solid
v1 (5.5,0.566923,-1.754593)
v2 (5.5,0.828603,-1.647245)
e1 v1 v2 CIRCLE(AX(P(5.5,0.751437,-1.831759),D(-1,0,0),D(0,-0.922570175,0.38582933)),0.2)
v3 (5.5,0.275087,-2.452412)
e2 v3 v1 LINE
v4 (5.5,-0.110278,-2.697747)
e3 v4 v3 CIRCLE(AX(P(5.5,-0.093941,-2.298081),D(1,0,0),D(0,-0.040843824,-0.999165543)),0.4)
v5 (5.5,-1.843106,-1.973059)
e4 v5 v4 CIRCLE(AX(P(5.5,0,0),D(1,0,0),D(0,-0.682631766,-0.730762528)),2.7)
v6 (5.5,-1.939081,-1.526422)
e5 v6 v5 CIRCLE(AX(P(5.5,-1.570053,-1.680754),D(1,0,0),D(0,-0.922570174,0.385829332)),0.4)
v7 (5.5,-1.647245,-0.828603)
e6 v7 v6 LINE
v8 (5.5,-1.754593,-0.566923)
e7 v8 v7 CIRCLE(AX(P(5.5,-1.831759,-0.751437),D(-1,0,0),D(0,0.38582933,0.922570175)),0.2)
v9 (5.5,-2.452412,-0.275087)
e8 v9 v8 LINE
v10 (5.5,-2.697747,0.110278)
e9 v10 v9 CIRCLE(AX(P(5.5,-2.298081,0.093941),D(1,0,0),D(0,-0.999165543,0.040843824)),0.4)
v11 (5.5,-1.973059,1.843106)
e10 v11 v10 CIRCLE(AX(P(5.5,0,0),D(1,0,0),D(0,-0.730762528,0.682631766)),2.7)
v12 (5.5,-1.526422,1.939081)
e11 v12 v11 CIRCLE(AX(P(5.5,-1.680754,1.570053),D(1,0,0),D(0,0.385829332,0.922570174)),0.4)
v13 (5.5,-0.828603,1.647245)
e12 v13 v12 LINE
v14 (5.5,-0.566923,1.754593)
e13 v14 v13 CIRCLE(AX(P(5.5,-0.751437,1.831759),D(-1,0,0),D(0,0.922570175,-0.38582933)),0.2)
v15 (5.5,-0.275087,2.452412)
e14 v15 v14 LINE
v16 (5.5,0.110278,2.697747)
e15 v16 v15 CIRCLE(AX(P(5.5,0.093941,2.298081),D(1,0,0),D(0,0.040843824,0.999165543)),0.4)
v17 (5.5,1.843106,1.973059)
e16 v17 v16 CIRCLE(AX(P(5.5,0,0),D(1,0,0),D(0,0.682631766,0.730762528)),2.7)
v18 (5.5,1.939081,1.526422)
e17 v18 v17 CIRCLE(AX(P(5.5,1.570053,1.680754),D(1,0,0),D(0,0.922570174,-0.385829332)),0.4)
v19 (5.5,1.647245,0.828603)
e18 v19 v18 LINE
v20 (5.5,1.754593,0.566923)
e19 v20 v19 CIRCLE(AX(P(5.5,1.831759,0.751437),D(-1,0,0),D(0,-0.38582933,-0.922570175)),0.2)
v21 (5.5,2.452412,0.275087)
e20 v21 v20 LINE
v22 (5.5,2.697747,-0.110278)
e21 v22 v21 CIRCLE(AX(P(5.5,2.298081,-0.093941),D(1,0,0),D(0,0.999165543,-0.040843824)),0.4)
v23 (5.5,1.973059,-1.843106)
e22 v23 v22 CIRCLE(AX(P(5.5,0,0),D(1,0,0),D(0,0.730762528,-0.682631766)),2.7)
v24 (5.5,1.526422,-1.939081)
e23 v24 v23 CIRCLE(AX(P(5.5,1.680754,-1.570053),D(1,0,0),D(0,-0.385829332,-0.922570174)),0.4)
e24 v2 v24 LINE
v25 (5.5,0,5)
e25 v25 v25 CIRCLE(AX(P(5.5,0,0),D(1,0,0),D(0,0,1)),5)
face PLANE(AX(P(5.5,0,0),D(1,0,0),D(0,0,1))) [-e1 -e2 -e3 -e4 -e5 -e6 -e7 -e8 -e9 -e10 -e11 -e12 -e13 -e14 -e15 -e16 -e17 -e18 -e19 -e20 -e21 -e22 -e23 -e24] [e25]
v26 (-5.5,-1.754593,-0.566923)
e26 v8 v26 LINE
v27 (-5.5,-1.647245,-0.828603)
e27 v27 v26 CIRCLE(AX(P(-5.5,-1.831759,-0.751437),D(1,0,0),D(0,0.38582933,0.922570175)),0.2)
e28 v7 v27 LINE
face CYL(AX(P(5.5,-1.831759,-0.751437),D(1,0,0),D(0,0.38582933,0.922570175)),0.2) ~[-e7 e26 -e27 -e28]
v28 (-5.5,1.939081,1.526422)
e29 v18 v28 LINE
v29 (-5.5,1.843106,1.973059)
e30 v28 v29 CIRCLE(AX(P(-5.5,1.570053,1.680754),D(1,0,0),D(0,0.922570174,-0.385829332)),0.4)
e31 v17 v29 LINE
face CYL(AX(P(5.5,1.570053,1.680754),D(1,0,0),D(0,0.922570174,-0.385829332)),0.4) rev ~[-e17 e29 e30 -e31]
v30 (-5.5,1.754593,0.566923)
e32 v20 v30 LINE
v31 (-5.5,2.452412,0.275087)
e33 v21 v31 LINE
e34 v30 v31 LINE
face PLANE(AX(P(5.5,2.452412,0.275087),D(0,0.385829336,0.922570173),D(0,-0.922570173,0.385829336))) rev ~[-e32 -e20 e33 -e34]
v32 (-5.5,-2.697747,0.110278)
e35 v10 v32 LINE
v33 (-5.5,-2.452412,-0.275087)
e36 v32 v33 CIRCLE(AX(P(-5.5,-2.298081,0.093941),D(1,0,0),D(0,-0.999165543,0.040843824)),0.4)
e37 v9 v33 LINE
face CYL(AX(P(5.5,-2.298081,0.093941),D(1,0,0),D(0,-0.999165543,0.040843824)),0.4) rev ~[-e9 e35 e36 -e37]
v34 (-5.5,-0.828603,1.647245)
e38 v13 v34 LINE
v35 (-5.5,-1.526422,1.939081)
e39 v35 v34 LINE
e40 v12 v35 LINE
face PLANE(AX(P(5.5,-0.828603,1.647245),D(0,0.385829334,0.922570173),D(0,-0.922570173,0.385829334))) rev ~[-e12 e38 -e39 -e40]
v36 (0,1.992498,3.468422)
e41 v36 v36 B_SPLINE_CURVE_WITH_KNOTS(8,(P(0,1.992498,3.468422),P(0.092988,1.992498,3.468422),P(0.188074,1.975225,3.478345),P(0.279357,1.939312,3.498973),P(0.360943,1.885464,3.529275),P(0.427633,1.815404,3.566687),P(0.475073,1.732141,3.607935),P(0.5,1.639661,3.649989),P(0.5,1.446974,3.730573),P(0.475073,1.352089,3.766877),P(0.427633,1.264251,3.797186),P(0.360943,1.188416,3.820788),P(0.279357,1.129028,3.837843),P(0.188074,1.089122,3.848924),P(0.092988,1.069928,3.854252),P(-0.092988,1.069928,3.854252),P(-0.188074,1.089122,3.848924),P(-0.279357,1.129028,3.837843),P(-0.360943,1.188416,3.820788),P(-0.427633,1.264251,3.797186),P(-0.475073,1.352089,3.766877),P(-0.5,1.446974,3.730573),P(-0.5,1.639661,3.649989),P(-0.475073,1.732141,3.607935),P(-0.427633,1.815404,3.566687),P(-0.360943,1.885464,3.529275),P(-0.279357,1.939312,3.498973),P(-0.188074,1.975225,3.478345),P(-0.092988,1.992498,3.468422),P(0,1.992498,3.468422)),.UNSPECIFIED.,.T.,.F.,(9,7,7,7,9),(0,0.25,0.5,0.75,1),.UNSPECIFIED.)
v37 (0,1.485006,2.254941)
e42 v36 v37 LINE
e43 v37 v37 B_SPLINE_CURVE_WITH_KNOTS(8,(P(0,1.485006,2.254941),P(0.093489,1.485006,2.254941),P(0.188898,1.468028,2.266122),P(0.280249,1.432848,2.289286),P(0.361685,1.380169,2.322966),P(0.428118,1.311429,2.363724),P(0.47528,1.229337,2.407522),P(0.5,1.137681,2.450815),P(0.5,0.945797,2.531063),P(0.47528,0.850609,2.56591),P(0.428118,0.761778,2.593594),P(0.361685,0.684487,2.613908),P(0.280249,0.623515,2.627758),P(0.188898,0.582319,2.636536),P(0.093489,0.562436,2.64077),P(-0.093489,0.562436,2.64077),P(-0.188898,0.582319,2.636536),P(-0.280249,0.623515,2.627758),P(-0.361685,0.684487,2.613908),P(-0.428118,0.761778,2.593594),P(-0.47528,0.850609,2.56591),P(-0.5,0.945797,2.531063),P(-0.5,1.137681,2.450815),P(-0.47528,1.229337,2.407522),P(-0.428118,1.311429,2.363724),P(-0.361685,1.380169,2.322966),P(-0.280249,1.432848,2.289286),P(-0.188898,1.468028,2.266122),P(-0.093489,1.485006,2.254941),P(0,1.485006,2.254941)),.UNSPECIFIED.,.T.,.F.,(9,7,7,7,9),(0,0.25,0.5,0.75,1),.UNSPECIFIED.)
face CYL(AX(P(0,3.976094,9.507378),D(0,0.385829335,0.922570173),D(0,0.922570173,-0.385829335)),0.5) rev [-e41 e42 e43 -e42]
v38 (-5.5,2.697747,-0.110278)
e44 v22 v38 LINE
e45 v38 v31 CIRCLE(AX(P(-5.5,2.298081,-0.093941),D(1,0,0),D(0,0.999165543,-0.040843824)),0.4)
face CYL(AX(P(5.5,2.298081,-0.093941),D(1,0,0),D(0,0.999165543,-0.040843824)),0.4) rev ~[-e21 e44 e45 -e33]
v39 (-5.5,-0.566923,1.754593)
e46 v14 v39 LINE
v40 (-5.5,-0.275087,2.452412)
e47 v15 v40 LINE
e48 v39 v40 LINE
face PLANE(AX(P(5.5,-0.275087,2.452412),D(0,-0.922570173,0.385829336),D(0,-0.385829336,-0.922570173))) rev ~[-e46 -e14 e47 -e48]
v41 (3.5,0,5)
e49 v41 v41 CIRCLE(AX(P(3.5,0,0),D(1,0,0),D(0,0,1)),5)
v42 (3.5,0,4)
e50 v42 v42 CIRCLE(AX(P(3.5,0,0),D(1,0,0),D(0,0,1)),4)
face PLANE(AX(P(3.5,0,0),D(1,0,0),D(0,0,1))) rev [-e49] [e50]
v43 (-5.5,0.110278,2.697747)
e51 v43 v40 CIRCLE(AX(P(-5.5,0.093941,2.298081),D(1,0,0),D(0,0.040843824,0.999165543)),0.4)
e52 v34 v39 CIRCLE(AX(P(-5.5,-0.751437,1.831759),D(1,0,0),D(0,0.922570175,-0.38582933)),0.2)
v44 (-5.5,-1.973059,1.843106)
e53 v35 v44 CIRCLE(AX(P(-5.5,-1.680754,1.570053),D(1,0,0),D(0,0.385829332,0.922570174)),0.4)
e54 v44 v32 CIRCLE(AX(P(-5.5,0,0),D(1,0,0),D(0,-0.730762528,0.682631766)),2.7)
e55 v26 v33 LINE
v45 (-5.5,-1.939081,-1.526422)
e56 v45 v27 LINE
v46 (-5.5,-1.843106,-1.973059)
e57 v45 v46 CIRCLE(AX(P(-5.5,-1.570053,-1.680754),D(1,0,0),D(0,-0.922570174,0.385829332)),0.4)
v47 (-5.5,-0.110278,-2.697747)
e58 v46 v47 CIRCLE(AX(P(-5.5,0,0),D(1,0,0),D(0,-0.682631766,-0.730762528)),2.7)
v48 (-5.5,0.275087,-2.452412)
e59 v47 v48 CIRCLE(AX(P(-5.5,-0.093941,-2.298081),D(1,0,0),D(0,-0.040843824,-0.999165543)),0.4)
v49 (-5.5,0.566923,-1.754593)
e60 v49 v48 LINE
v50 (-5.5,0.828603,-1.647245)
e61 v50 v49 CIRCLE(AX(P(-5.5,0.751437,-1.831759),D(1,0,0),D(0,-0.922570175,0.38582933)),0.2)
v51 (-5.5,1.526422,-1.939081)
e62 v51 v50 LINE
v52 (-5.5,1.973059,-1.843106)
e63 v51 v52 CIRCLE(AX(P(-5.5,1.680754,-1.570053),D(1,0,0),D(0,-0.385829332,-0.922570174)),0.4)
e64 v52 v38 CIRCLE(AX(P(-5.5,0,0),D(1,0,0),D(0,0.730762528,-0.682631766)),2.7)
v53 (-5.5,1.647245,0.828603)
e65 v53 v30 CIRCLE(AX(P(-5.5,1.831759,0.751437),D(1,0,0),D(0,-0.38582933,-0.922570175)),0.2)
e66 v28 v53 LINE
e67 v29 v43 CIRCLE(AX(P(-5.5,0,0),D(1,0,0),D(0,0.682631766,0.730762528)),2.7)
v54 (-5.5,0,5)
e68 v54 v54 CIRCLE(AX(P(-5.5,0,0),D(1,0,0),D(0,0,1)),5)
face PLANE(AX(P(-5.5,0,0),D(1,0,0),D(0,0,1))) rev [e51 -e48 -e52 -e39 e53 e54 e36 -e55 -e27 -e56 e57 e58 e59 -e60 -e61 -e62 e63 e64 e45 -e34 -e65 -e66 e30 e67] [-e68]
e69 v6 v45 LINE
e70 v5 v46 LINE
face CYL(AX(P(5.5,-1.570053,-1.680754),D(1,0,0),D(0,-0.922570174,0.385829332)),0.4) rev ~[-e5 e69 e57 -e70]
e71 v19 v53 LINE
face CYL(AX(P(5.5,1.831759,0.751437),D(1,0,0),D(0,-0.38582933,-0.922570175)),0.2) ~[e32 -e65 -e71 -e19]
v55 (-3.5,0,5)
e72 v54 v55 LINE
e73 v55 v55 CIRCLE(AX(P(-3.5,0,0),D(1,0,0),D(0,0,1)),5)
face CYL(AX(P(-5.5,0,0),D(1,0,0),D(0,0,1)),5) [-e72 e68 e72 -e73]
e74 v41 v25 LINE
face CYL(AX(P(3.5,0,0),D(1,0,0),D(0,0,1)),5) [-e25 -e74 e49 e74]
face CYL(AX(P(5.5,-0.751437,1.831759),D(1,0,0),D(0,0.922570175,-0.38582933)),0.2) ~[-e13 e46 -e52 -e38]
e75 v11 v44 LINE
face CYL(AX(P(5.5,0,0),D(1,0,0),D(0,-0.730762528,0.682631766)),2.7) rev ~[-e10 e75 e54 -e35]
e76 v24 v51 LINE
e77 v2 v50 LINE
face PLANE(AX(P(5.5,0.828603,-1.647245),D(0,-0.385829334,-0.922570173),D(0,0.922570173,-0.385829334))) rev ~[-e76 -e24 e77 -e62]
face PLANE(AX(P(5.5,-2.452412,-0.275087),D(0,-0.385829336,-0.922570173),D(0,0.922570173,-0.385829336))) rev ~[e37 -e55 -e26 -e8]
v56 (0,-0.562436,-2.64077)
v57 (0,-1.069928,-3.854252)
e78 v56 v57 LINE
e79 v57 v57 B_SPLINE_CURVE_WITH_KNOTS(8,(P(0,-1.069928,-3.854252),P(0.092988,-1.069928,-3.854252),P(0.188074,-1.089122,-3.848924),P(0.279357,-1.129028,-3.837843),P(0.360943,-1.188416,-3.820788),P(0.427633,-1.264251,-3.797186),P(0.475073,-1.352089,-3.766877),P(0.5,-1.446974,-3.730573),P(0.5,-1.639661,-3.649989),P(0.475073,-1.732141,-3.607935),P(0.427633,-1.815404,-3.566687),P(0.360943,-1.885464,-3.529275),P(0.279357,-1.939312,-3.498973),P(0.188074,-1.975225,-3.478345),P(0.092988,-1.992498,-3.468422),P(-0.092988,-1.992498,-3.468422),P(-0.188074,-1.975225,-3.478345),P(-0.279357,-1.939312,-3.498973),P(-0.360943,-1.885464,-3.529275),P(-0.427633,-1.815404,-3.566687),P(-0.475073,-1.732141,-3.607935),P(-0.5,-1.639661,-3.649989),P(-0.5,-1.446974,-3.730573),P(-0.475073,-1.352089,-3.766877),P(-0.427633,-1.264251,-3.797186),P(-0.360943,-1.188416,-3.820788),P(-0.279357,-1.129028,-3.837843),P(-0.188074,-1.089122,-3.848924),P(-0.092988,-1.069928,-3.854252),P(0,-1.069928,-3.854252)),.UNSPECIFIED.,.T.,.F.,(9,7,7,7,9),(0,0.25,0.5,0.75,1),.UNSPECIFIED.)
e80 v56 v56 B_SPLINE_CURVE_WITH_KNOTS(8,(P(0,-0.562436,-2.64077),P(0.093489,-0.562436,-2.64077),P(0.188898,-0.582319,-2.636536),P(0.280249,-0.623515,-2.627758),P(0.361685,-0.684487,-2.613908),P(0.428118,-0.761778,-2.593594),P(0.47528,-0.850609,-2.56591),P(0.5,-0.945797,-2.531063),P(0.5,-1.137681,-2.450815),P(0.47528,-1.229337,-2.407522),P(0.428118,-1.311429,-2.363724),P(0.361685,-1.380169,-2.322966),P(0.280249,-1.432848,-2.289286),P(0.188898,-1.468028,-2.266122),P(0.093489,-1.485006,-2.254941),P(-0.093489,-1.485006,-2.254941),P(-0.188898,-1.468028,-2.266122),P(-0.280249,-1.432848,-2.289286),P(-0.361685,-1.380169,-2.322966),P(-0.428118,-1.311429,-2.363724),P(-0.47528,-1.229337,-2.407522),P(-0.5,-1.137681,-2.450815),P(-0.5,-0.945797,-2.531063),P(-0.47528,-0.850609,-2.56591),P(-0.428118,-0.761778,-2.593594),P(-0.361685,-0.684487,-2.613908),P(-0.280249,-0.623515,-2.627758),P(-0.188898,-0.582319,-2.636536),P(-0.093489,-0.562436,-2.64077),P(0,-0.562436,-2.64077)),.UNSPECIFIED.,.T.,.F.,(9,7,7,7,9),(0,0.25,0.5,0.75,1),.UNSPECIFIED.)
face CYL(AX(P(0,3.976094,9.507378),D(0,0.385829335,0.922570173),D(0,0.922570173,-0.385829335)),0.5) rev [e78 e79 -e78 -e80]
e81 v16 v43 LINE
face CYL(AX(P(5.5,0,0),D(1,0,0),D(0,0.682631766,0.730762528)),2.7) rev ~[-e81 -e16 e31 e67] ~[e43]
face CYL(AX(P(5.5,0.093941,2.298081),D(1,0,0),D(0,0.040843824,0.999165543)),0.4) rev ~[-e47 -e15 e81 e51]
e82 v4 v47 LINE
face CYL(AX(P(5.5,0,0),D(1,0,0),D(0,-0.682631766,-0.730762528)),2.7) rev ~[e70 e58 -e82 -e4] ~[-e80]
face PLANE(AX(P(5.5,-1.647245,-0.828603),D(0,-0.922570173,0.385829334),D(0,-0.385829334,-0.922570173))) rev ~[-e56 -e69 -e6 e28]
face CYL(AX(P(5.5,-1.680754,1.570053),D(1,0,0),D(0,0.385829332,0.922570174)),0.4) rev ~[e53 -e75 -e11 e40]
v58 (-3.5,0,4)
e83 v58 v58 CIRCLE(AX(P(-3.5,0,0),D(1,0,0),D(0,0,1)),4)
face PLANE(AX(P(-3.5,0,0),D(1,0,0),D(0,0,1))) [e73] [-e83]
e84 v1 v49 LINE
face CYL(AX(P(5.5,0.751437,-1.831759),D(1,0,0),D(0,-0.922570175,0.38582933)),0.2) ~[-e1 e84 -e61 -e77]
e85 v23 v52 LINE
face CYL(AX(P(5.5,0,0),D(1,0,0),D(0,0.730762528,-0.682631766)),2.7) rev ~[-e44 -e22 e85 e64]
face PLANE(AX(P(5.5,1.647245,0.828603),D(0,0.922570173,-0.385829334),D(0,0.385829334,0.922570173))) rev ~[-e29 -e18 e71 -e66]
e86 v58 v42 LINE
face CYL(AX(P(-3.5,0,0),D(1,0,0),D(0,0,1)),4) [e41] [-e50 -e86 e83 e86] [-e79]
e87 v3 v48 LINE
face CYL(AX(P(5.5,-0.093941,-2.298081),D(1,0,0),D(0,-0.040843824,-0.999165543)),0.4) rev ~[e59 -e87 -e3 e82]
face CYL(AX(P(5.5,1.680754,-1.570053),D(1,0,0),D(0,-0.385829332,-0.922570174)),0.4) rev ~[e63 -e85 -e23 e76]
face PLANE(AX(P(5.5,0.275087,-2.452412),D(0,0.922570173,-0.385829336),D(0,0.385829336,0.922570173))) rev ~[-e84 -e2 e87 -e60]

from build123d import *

# Parameters (mm, degrees)
CUT_EXTRUDE1_DEPTH      = 14.076696831
CUT_EXTRUDE2_DEPTH      = 10.105317074
CUT_EXTRUDE2_DEPTH_BACK = 10.105317074
SKETCH4_R               = 0.5


with BuildPart() as part:
    # Sketch1 → Revolve1 (revolve)
    with BuildSketch(Plane(origin=(0, 0, 0), x_dir=(1, 0, 0), z_dir=(0, 1, 0))):
        Polygon((-3.5, -5), (-3.5, -4), (3.5, -4), (3.5, -5), (5.5, -5), (5.5, 0), (-5.5, 0), (-5.5, -5), align=None)
    revolve(axis=Axis((-5.5, 0, 0), (1, 0, 0)))

    # Sketch3 → Cut-Extrude1 (cut, through all)
    with BuildSketch(Plane(origin=(5.5, 0, 0), x_dir=(0, 0, -1), z_dir=(1, 0, 0))):
        with BuildLine():
            ThreePointArc((0.110278314, 2.697746966), (-0.12087287, 2.635504953), (-0.275087283, 2.452412483))
            Line((-0.275087283, 2.452412483), (-0.566923139, 1.754593444))
            ThreePointArc((-0.566923139, 1.754593444), (-0.675530556, 1.646723678), (-0.82860304, 1.647245277))
            Line((-0.82860304, 1.647245277), (-1.526422079, 1.939081132))
            ThreePointArc((-1.526422079, 1.939081132), (-1.764789364, 1.961125979), (-1.973058824, 1.843105769))
            ThreePointArc((-1.973058824, 1.843105769), (-2.490939467, 1.041739204), (-2.697746966, 0.110278314))
            ThreePointArc((-2.697746966, 0.110278314), (-2.635504953, -0.12087287), (-2.452412483, -0.275087283))
            Line((-2.452412483, -0.275087283), (-1.754593444, -0.566923139))
            ThreePointArc((-1.754593444, -0.566923139), (-1.646723678, -0.675530556), (-1.647245277, -0.82860304))
            Line((-1.647245277, -0.82860304), (-1.939081132, -1.526422079))
            ThreePointArc((-1.939081132, -1.526422079), (-1.961125979, -1.764789364), (-1.843105769, -1.973058824))
            ThreePointArc((-1.843105769, -1.973058824), (-1.041739204, -2.490939467), (-0.110278314, -2.697746966))
            ThreePointArc((-0.110278314, -2.697746966), (0.12087287, -2.635504953), (0.275087283, -2.452412483))
            Line((0.275087283, -2.452412483), (0.566923139, -1.754593444))
            ThreePointArc((0.566923139, -1.754593444), (0.675530556, -1.646723678), (0.82860304, -1.647245277))
            Line((0.82860304, -1.647245277), (1.526422079, -1.939081132))
            ThreePointArc((1.526422079, -1.939081132), (1.764789364, -1.961125979), (1.973058824, -1.843105769))
            ThreePointArc((1.973058824, -1.843105769), (2.490939467, -1.041739204), (2.697746966, -0.110278314))
            ThreePointArc((2.697746966, -0.110278314), (2.635504953, 0.12087287), (2.452412483, 0.275087283))
            Line((2.452412483, 0.275087283), (1.754593444, 0.566923139))
            ThreePointArc((1.754593444, 0.566923139), (1.646723678, 0.675530556), (1.647245277, 0.82860304))
            Line((1.647245277, 0.82860304), (1.939081132, 1.526422079))
            ThreePointArc((1.939081132, 1.526422079), (1.961125979, 1.764789364), (1.843105769, 1.973058824))
            ThreePointArc((1.843105769, 1.973058824), (1.041739204, 2.490939467), (0.110278314, 2.697746966))
        make_face()
    extrude(amount=-CUT_EXTRUDE1_DEPTH, mode=Mode.SUBTRACT)

    # Sketch4 → Cut-Extrude2 (cut, two sides: drawn at the far end of the back side and taken through both)
    with BuildSketch(Plane(origin=(0, 0.077165867, 0.184514035), x_dir=(-1, 0, 0), z_dir=(0, -0.38582933492302907, -0.9225701731103457)).offset(-CUT_EXTRUDE2_DEPTH_BACK)):
        with Locations(Location((0, 0, 0), (0, 0, 90))):
            Circle(SKETCH4_R)
    extrude(amount=CUT_EXTRUDE2_DEPTH + CUT_EXTRUDE2_DEPTH_BACK, mode=Mode.SUBTRACT)


solid = part.part
